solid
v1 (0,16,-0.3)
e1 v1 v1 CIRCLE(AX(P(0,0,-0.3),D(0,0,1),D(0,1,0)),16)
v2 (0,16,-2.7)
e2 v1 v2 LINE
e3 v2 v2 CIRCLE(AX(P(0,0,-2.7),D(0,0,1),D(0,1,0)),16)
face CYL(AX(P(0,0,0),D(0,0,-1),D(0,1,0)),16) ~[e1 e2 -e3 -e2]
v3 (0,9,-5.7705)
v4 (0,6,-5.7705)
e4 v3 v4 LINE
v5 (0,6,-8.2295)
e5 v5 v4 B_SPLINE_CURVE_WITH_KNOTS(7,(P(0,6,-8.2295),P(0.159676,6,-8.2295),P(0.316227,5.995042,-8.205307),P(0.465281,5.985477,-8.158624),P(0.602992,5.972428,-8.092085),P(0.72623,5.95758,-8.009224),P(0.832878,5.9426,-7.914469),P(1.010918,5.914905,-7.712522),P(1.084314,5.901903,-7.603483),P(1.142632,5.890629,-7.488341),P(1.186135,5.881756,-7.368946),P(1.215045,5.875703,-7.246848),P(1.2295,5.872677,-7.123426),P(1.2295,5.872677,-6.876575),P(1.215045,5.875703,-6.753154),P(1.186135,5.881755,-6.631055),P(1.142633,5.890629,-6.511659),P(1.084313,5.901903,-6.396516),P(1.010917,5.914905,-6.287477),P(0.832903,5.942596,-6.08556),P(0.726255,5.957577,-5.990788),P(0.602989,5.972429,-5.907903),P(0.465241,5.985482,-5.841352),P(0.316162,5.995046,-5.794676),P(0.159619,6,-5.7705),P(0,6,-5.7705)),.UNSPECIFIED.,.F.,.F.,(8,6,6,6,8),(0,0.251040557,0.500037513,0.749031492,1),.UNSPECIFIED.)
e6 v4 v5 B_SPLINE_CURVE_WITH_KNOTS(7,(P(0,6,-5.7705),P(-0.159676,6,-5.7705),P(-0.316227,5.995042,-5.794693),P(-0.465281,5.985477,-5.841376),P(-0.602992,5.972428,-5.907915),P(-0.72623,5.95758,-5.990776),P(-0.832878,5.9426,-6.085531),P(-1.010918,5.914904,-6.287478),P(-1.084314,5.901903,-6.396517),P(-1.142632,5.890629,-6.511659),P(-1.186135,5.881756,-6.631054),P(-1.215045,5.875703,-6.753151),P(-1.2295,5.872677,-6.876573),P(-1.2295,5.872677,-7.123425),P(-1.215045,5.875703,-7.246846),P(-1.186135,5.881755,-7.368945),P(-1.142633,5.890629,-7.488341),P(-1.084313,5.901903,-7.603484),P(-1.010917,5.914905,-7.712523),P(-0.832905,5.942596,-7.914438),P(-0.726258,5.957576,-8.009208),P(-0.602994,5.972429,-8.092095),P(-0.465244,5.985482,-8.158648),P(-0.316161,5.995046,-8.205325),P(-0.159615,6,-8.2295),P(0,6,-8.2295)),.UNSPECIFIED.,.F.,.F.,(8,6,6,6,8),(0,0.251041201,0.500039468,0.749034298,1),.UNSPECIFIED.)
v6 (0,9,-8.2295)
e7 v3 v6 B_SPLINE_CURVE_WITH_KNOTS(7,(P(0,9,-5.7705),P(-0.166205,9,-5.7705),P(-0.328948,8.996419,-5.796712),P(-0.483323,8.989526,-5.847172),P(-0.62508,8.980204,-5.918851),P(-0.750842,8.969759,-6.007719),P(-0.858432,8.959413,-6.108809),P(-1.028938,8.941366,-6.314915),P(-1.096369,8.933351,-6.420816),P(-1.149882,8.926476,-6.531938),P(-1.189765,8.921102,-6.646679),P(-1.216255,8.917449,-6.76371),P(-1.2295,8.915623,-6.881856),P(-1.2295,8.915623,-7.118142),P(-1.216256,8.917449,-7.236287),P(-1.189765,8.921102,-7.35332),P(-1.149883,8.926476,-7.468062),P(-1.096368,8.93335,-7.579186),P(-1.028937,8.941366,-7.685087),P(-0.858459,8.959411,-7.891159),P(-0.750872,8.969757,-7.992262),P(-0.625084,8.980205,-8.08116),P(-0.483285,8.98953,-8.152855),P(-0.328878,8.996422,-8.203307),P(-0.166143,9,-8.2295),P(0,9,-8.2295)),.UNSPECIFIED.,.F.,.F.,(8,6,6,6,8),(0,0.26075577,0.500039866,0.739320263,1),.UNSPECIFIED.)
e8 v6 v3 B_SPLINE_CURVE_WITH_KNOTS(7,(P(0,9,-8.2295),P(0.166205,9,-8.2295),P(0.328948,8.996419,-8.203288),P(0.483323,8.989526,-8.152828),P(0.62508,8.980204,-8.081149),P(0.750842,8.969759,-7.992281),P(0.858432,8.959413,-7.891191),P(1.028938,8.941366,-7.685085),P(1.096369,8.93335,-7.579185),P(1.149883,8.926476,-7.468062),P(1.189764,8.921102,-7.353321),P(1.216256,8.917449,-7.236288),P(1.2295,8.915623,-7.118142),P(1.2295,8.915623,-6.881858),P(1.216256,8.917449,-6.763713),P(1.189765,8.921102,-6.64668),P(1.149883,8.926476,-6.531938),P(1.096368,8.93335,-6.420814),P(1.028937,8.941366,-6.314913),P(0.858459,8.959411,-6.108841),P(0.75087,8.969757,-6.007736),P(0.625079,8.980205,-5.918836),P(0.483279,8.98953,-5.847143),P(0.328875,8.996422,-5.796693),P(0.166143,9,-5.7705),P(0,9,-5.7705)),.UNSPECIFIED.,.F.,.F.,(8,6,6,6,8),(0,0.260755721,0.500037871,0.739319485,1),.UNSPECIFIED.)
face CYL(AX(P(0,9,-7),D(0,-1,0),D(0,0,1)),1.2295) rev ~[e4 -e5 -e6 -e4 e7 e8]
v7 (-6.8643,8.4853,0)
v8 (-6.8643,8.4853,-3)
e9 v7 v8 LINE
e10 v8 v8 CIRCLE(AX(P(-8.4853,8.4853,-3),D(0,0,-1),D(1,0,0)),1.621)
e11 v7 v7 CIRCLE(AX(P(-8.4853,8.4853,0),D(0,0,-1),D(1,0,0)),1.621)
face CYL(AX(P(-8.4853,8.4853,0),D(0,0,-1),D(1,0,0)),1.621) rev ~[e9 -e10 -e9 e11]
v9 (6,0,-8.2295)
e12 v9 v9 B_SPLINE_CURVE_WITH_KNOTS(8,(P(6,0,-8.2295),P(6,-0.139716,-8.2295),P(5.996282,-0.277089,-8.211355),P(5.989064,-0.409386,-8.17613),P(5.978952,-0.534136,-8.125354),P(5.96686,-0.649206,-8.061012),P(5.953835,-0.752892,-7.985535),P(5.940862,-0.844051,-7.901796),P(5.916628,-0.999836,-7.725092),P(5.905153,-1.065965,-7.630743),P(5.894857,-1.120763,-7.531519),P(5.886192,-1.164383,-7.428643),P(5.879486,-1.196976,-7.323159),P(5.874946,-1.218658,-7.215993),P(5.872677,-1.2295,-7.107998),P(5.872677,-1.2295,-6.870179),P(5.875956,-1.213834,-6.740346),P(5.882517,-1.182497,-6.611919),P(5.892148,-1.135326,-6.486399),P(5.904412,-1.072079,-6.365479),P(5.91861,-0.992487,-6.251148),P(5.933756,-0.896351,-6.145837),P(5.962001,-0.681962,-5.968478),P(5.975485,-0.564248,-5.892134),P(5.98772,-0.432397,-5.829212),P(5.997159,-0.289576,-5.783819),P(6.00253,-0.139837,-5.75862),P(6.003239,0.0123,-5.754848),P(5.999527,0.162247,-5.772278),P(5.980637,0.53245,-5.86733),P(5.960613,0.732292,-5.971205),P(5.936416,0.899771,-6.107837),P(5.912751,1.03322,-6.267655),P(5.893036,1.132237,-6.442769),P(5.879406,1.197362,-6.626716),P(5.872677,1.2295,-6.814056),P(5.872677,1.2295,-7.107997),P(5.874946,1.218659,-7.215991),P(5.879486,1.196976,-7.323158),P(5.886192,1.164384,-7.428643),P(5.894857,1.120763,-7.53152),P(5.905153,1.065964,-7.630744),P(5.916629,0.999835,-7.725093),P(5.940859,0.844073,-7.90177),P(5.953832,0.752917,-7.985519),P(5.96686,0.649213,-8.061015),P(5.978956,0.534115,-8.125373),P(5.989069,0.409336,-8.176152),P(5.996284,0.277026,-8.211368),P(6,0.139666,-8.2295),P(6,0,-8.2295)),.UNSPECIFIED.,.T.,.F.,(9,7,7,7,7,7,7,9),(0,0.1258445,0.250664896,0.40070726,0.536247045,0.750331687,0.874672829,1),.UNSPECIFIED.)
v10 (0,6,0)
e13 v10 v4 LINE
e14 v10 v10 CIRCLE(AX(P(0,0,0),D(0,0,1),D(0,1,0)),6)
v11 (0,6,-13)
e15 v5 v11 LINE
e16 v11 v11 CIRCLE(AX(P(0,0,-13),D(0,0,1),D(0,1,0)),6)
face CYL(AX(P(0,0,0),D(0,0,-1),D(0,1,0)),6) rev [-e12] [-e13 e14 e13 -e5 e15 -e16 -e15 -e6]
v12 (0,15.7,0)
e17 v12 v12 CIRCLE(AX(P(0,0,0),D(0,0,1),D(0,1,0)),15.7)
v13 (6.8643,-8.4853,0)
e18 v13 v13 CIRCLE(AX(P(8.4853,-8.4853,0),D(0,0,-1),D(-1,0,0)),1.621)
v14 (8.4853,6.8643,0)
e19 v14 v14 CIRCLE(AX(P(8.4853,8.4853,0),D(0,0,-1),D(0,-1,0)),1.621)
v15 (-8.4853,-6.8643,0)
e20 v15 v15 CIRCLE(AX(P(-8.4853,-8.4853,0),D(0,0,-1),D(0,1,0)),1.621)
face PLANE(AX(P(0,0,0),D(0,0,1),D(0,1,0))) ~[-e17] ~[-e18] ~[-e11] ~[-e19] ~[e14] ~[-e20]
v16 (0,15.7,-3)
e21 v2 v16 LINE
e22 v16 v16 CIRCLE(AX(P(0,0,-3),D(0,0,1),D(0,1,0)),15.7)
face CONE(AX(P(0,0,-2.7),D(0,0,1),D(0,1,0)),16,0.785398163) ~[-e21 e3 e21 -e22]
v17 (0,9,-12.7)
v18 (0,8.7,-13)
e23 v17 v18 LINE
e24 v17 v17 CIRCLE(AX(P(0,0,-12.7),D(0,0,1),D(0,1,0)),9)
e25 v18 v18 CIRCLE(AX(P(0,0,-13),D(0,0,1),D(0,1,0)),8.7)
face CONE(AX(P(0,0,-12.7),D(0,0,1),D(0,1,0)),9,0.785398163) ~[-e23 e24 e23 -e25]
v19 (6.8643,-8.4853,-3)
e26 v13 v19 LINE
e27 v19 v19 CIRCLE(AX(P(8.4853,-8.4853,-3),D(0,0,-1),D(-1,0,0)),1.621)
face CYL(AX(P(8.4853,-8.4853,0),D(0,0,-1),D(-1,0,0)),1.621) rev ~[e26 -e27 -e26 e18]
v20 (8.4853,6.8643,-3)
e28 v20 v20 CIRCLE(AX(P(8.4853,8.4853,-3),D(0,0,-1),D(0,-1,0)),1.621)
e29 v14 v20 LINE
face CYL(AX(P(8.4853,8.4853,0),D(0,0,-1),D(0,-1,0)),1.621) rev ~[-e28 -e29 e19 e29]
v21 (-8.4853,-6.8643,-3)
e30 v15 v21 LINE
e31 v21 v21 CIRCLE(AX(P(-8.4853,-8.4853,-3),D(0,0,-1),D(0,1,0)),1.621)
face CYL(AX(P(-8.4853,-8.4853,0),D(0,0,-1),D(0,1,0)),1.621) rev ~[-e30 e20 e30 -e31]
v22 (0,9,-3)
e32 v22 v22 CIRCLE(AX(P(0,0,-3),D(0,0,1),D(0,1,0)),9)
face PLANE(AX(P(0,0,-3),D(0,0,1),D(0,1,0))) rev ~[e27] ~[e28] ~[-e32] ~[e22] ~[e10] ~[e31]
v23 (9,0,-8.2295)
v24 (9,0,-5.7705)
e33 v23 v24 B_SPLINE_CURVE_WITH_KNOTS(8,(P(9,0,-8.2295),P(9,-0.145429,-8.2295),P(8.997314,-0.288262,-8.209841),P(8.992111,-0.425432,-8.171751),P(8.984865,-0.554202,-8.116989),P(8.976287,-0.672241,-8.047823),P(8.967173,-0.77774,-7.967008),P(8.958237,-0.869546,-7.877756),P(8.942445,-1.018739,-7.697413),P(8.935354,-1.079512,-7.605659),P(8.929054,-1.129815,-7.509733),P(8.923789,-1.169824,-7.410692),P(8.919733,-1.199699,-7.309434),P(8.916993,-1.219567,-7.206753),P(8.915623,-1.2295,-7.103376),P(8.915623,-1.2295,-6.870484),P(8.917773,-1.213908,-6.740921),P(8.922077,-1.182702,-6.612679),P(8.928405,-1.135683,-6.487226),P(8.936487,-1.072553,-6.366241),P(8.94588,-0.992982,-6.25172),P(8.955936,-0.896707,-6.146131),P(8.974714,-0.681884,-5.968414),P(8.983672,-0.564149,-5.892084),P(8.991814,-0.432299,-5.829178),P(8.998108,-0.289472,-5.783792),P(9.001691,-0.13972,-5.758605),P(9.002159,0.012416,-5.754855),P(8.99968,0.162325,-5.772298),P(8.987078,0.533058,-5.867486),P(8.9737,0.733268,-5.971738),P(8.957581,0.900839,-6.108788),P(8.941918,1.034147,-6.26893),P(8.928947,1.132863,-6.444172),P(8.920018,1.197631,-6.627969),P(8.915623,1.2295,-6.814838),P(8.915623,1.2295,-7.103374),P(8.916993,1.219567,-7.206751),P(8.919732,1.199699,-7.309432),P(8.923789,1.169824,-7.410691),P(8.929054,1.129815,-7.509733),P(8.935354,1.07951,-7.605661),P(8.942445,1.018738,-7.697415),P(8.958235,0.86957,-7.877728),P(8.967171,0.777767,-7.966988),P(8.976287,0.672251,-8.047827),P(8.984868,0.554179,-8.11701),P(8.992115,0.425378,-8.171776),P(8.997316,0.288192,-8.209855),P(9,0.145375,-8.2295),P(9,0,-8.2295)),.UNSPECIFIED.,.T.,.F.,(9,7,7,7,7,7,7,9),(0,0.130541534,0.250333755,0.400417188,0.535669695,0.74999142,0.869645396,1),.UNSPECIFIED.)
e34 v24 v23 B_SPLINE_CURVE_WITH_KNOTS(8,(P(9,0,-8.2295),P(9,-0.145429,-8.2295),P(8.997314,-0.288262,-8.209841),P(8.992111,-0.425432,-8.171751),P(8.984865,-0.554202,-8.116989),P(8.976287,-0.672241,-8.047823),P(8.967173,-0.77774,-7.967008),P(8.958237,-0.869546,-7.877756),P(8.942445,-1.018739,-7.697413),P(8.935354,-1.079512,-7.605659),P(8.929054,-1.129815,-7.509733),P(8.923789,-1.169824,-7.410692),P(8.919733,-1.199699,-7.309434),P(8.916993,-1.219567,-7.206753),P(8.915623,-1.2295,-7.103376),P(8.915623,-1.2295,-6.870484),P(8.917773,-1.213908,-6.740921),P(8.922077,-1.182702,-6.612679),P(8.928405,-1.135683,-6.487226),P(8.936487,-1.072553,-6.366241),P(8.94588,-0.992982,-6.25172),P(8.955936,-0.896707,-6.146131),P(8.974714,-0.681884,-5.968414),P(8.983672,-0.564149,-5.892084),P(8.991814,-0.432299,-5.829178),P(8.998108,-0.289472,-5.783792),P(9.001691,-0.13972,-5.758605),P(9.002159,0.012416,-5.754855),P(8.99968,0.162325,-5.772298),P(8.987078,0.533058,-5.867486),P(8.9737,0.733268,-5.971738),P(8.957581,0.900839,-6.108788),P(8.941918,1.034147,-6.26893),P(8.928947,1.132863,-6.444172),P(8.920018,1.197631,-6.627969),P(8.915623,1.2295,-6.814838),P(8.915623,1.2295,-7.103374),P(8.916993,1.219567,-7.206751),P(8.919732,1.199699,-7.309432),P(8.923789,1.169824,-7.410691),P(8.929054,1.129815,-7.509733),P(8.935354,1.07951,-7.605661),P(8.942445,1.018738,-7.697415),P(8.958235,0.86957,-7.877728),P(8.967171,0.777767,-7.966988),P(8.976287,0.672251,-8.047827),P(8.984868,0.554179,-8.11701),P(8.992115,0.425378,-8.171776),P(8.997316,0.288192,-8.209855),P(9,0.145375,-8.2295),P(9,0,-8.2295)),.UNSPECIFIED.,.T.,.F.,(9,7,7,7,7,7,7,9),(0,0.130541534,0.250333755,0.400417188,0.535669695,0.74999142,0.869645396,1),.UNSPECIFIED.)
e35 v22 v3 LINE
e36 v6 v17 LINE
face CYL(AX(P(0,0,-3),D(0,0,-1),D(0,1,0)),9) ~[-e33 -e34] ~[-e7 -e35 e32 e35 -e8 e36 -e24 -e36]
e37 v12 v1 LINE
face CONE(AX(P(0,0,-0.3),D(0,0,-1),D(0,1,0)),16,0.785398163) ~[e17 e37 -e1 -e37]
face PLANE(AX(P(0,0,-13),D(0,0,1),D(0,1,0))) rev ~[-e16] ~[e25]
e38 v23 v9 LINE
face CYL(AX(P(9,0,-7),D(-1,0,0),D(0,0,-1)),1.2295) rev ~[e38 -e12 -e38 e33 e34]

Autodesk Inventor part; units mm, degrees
ref_plane "XY Plane" through (0, 0, 0) normal (0, 0, 1) x (1, 0, 0)
sketch "Sketch1" plane through (0, 0, 0) normal (1, 0, 0) x (0, 1, 0)
  line L0 (6, 0) -> (16, 0)
  line L1 (16, 0) -> (16, -3)
  line L2 (16, -3) -> (9, -3)
  line L3 (9, -3) -> (9, -13)
  line L4 (9, -13) -> (6, -13)
  line L5 (6, 0) -> (6, -13)
  line L6 (0, -15.6) -> (0, 2.6) projected
  point P0 (0, 0)
  dimension "d1" = 3
  dimension "d3" = 10
  dimension "d23" = 3
  dimension "d24" = 10
  dimension "d25" = 6
revolve "Revolution1" add sketch "Sketch1" angle 360 about axis through (0, 0, -10) along (0, 0, 1)
chamfer "Chamfer1" distance 0.3 angle 45 3 edges at (0, -16, 0) (0, -16, -3) (0, -9, -13)
sketch "Sketch4" plane through (0, 0, 0) normal (0, 0, 1) x (1, 0, 0)
  line L0 (8.4853, 8.4853) -> (0, 0)
  line L1 (-22.4, 0) -> (22.4, 0) projected
  point P0 (8.4853, 8.4853)
  dimension "d37" = 45
  dimension "d38" = 8.4853
hole "Hole3" at (8.4853, 8.4853, 0) direction (0, 0, -1) diameter 3.242 depth 6 tip angle 118 thread size "M4x0.7" class "6H" standard "ISO Metric profile"
pattern_circular "Circular Pattern1" count 4 over 360 about axis through (0, 0, -10) along (0, 0, 1) of "Hole3"
ref_plane "Work Plane1" through (0, 9, 0) normal (0, 1, 0) x (-1, 0, 0)
ref_plane "Work Plane2" through (9, 0, 0) normal (1, 0, 0) x (0, 1, 0)
sketch "Sketch5" plane through (0, 9, 0) normal (0, 1, 0) x (-1, 0, 0)
  line L0 (8.7, -13) -> (-8.7, -13) projected
  point P0 (0, 0)
  point P1 (0, -7)
  dimension "d41" = 6
sketch "Sketch6" plane through (9, 0, 0) normal (1, 0, 0) x (0, 1, 0)
  line L0 (8.7, -13) -> (-8.7, -13) projected
  point P0 (0, 0)
  point P1 (0, -7)
  dimension "d42" = 6
hole "Hole4" at (0, 9, -7) direction (0, -1, 0) diameter 2.459 depth 8.8 tip angle 118 thread size "M3x0.5" class "6H" standard "ISO Metric profile"
hole "Hole5" at (9, 0, -7) direction (-1, 0, 0) diameter 2.459 depth 8.8 tip angle 118 thread size "M3x0.5" class "6H" standard "ISO Metric profile"
properties part number "kolnierz" material "Iron, Cast"
